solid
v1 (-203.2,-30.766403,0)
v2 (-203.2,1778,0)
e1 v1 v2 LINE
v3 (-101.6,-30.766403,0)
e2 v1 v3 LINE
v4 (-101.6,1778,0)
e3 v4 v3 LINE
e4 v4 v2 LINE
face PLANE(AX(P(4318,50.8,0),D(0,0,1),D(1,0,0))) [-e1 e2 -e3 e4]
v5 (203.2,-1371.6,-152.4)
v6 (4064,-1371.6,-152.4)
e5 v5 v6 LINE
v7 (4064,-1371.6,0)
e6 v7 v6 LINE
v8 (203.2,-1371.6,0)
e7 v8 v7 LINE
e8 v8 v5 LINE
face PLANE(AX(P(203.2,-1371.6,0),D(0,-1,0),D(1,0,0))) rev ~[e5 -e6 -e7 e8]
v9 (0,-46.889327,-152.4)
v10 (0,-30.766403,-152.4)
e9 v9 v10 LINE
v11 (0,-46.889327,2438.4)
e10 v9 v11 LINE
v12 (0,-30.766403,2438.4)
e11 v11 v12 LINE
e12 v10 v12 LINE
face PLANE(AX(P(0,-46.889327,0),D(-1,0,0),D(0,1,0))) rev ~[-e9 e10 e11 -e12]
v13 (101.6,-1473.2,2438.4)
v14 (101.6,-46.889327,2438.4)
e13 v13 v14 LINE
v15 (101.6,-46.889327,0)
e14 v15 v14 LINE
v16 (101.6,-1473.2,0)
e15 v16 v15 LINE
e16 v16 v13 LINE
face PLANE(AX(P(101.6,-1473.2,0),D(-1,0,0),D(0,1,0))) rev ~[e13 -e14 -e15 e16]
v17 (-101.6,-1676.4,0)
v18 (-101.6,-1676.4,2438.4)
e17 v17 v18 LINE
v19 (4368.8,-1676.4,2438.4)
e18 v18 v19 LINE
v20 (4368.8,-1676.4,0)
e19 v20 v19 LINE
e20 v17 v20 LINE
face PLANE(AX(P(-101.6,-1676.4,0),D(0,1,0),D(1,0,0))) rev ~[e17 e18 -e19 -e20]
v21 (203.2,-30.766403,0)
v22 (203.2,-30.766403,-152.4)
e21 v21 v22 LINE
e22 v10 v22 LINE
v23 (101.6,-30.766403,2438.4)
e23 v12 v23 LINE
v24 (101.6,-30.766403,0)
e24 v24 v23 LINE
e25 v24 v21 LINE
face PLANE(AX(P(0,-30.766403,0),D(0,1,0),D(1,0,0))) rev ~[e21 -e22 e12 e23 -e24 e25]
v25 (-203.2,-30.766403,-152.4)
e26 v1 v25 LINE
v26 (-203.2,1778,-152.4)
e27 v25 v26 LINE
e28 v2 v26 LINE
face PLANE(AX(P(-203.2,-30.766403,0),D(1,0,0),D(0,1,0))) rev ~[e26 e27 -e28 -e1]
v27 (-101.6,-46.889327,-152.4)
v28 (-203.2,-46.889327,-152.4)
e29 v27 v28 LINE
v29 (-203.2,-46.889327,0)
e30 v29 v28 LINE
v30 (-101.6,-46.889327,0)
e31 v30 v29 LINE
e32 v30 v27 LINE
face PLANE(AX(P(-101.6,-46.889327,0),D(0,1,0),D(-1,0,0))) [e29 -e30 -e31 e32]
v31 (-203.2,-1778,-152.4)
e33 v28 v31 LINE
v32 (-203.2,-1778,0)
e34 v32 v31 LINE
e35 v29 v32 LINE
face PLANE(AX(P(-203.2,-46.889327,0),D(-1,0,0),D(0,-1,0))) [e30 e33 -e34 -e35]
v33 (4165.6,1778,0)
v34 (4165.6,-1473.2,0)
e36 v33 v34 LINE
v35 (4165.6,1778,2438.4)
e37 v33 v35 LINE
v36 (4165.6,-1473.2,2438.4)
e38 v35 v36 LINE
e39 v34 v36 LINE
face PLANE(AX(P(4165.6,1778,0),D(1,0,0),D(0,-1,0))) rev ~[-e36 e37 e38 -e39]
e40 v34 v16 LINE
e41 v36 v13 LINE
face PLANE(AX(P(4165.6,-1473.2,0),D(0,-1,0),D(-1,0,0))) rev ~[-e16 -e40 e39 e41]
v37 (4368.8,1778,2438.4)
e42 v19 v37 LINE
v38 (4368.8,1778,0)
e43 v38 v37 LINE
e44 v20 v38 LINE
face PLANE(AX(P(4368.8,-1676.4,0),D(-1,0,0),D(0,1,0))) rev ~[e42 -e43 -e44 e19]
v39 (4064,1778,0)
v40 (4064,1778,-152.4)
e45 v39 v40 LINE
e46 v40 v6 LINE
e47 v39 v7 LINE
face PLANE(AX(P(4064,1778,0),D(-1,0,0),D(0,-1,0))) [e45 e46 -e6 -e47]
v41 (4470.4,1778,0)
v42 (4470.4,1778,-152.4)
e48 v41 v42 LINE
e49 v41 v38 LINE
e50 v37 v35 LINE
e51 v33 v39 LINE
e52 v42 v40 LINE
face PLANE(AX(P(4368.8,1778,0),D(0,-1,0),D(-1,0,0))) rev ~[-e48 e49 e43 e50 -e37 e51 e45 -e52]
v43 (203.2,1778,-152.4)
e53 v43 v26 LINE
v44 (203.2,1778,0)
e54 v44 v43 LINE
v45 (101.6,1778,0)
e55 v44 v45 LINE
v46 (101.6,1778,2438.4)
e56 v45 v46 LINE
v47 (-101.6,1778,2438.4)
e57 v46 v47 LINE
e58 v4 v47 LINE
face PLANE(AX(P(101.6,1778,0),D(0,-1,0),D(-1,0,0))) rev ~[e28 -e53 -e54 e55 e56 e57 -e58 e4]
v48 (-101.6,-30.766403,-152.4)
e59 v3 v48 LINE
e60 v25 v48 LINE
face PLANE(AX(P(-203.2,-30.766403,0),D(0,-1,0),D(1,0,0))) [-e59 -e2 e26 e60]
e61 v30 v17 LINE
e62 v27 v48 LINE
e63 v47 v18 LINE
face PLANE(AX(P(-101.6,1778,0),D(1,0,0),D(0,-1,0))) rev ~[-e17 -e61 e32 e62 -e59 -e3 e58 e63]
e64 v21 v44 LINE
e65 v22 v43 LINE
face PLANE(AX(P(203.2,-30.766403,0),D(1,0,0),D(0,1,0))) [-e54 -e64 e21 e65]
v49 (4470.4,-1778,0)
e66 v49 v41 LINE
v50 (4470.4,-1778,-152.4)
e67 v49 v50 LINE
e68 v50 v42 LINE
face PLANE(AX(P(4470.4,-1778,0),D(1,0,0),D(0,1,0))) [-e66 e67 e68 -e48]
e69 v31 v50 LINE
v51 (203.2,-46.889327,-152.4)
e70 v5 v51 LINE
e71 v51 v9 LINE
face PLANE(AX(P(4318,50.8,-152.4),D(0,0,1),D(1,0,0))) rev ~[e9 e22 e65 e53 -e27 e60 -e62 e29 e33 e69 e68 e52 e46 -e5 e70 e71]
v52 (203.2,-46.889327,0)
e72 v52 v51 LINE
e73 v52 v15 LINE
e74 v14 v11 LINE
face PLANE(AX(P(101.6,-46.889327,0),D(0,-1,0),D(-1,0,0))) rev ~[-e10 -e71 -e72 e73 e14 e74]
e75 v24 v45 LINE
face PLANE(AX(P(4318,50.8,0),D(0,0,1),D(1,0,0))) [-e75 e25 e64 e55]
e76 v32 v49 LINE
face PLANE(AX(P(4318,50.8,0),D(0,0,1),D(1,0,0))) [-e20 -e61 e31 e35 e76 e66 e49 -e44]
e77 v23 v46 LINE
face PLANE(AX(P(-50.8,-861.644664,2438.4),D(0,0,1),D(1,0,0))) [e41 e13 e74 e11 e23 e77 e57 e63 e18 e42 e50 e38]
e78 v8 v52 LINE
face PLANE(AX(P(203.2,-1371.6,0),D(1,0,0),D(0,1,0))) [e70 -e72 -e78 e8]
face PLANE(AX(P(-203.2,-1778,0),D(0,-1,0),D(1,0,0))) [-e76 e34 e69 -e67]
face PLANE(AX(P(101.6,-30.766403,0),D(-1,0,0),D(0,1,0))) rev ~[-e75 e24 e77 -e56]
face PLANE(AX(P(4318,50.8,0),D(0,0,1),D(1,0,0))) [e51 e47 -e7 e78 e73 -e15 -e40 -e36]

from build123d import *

# Parameters (mm, degrees)
F0_W     = 101.6
F0_H     = 3454.4
F0_W_2   = 3860.8
F0_H_2   = 101.6
F0_H_3   = 1808.7664033026
F0_H_4   = 16.1229241639
F1_DEPTH = 152.4
F2_DEPTH = 2438.4


with BuildPart() as f1:
    # F0 (on Top) → F1 (new body)
    with BuildSketch(Plane.XY):
        with Locations((4318, 50.8)):
            Rectangle(F0_W, F0_H)
        with Locations((2133.6, -1727.2)):
            Rectangle(F0_W_2, F0_H_2)
        with Locations((2133.6, -1422.4)):
            Rectangle(F0_W_2, F0_H_2)
        Polygon((4064, 1778), (4064, -1371.6), (4064, -1473.2), (4165.6, -1473.2), (4165.6, 1778), align=None)
        Polygon((203.2, -46.8893274665), (101.6, -46.8893274665), (101.6, -1473.2), (203.2, -1473.2), (203.2, -1371.6), align=None)
        Polygon((4064, -1676.4), (4064, -1778), (4470.4, -1778), (4470.4, 1778), (4368.8, 1778), (4368.8, -1676.4), (4267.2, -1676.4), (4165.6, -1676.4), align=None)
        Polygon((-101.6, -46.8893274665), (-203.2, -46.8893274665), (-203.2, -1778), (203.2, -1778), (203.2, -1676.4), (101.6, -1676.4), (0, -1676.4), (-101.6, -1676.4), align=None)
        Polygon((4165.6, -1574.8), (4165.6, -1676.4), (4267.2, -1676.4), (4267.2, 1778), (4165.6, 1778), (4165.6, -1473.2), align=None)
        Polygon((0, -46.8893274665), (-101.6, -46.8893274665), (-101.6, -1676.4), (0, -1676.4), (0, -1574.8), align=None)
        Polygon((101.6, -46.8893274665), (0, -46.8893274665), (0, -1574.8), (101.6, -1574.8), (101.6, -1473.2), align=None)
        with Locations((50.8, -1625.6)):
            Rectangle(F0_W, F0_H_2)
        with Locations((2133.6, -1524)):
            Rectangle(F0_W_2, F0_H_2)
        with Locations((2133.6, -1625.6)):
            Rectangle(F0_W_2, F0_H_2)
        with Locations((152.4, -1524)):
            Rectangle(F0_W, F0_H_2)
        with Locations((152.4, -1625.6)):
            Rectangle(F0_W, F0_H_2)
        with Locations((4114.8, -1524)):
            Rectangle(F0_W, F0_H_2)
        with Locations((4114.8, -1625.6)):
            Rectangle(F0_W, F0_H_2)
        with Locations((-152.4, 873.6167983487)):
            Rectangle(F0_W, F0_H_3)
        with Locations((-50.8, 873.6167983487)):
            Rectangle(F0_W, F0_H_3)
        with Locations((50.8, 873.6167983487)):
            Rectangle(F0_W, F0_H_3)
        with Locations((152.4, 873.6167983487)):
            Rectangle(F0_W, F0_H_3)
        with Locations((-50.8, -38.8278653845)):
            Rectangle(F0_W, F0_H_4)
    extrude(amount=-F1_DEPTH)

    # F0 (on Top) → F2 (join)
    with BuildSketch(Plane.XY):
        Polygon((0, -46.8893274665), (-101.6, -46.8893274665), (-101.6, -1676.4), (0, -1676.4), (0, -1574.8), align=None)
        Polygon((101.6, -46.8893274665), (0, -46.8893274665), (0, -1574.8), (101.6, -1574.8), (101.6, -1473.2), align=None)
        with Locations((50.8, -1625.6)):
            Rectangle(F0_W, F0_H_2)
        with Locations((2133.6, -1524)):
            Rectangle(F0_W_2, F0_H_2)
        with Locations((2133.6, -1625.6)):
            Rectangle(F0_W_2, F0_H_2)
        with Locations((152.4, -1524)):
            Rectangle(F0_W, F0_H_2)
        with Locations((152.4, -1625.6)):
            Rectangle(F0_W, F0_H_2)
        with Locations((4114.8, -1625.6)):
            Rectangle(F0_W, F0_H_2)
        with Locations((4114.8, -1524)):
            Rectangle(F0_W, F0_H_2)
        Polygon((4165.6, -1574.8), (4165.6, -1676.4), (4267.2, -1676.4), (4267.2, 1778), (4165.6, 1778), (4165.6, -1473.2), align=None)
        with Locations((4318, 50.8)):
            Rectangle(F0_W, F0_H)
        with Locations((-50.8, 873.6167983487)):
            Rectangle(F0_W, F0_H_3)
        with Locations((50.8, 873.6167983487)):
            Rectangle(F0_W, F0_H_3)
        with Locations((-50.8, -38.8278653845)):
            Rectangle(F0_W, F0_H_4)
    extrude(amount=F2_DEPTH)


solid = f1.part
